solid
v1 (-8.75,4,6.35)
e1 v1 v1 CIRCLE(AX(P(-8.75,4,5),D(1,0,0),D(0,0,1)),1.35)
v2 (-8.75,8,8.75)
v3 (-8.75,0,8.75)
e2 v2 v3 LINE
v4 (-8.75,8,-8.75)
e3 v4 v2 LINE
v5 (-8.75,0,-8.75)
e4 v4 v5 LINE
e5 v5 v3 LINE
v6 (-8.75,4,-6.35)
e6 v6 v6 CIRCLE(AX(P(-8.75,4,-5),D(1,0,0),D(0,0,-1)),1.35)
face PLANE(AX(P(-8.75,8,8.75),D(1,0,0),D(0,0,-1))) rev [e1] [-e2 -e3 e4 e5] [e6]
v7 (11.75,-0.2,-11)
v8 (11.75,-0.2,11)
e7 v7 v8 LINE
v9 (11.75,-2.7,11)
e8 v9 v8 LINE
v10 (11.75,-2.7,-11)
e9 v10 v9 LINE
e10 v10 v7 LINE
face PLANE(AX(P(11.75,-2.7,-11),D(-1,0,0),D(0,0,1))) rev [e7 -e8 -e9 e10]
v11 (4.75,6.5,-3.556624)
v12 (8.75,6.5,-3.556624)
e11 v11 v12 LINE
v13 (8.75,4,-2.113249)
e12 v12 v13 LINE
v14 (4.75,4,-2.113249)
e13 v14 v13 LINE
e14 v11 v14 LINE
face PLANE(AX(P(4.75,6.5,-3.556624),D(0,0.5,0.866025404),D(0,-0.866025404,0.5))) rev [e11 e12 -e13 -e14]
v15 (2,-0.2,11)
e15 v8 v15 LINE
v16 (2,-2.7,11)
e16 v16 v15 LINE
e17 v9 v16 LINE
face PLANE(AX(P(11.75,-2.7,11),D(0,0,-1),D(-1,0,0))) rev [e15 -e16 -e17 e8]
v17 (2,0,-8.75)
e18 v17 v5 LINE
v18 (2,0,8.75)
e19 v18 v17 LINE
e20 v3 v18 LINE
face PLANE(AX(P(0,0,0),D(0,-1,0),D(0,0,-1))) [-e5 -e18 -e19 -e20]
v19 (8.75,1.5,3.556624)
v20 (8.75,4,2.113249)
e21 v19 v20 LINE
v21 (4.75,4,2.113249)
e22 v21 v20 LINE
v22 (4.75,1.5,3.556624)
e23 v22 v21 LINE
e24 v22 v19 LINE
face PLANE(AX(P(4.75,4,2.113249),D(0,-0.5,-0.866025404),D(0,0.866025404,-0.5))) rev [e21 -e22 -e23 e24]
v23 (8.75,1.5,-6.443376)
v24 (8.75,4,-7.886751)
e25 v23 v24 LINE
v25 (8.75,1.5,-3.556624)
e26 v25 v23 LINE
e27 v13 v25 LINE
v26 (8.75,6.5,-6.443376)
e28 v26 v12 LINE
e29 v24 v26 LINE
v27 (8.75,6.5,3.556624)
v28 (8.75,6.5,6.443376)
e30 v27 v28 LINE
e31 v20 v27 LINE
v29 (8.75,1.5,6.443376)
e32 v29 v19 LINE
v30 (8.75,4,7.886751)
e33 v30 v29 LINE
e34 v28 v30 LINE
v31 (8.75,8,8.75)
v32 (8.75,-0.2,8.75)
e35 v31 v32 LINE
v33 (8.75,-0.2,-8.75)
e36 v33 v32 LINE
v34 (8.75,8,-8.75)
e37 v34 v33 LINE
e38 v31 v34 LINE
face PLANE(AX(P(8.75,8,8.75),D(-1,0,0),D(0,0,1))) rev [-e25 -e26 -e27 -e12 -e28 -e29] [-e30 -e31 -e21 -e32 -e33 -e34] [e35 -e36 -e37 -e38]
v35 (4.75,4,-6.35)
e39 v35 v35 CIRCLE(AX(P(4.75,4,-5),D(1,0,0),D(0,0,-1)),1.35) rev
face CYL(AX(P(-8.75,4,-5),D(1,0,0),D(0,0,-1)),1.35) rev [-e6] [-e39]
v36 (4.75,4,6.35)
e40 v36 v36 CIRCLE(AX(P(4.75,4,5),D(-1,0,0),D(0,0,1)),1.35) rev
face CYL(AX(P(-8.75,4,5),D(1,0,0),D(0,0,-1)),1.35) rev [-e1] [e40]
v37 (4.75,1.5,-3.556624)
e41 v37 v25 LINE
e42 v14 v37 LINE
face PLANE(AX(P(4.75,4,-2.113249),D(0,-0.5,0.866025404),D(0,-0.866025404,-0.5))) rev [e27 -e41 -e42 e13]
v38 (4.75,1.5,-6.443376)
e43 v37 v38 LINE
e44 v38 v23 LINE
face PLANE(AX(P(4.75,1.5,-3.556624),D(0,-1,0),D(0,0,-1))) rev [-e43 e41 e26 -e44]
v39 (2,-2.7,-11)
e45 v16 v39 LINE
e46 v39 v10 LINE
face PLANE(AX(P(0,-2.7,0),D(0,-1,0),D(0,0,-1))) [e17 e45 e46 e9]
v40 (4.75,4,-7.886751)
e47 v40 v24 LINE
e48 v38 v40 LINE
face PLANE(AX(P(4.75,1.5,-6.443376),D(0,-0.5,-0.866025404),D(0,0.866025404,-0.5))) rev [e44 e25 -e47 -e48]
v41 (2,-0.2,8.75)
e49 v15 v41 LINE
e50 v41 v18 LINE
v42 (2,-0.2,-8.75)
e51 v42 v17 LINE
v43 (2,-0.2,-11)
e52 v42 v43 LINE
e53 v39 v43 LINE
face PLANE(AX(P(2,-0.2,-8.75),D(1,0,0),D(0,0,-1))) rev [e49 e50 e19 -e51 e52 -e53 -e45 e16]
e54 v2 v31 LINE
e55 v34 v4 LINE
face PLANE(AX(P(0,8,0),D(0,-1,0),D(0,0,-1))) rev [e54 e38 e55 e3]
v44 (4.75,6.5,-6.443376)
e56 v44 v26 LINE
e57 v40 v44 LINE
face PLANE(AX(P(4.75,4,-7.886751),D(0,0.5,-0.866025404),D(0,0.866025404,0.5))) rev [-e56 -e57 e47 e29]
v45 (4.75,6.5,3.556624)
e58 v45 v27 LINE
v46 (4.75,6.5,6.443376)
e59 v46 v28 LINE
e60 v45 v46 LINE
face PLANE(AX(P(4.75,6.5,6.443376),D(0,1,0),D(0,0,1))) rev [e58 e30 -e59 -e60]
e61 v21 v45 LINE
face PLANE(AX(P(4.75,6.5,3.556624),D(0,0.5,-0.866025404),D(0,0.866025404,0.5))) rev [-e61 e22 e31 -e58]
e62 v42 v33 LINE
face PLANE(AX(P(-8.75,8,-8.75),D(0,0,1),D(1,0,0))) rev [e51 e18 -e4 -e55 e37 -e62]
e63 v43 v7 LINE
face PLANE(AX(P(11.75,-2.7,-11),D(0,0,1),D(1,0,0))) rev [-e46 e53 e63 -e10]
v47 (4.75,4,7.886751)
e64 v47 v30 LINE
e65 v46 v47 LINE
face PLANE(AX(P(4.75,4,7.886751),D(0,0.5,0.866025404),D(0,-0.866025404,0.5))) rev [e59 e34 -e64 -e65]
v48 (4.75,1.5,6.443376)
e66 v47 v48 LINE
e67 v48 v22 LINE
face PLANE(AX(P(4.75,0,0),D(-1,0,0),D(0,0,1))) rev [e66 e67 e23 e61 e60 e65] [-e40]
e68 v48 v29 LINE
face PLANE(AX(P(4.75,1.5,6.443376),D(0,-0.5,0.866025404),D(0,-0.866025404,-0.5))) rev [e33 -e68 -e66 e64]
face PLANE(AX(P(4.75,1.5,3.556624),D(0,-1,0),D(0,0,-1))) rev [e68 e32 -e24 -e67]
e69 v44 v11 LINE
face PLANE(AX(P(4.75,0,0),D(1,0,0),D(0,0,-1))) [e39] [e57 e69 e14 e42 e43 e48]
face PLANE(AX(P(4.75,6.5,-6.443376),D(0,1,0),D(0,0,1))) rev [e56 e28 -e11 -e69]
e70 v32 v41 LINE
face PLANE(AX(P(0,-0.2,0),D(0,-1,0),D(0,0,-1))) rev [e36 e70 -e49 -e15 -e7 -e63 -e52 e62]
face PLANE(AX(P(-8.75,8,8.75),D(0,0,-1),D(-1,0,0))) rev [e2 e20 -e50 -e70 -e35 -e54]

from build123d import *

# Parameters (mm, degrees)
SKETCH_1_W          = 17.5
SKETCH_1_H          = 17.5
EXTRUDE_1_DEPTH     = 8
SKETCH_2_R          = 1.35
CUT_EXTRUDE_1_DEPTH = 22.137939824
CUT_EXTRUDE_2_DEPTH = 4
SKETCH_5_W          = 6.75
SKETCH_5_H          = 17.5
EXTRUDE_3_DEPTH     = 0.2
SKETCH_6_W          = 9.75
SKETCH_6_H          = 22
EXTRUDE_4_DEPTH     = 2.5


with BuildPart() as part:
    # 草图1 → 凸台-拉伸1 (new body)
    with BuildSketch(Plane(origin=(0, 0, 0), x_dir=(1, 0, 0), z_dir=(0, 1, 0))):
        Rectangle(SKETCH_1_W, SKETCH_1_H)
    extrude(amount=EXTRUDE_1_DEPTH)

    # 草图2 → 切除-拉伸1 (cut, through all)
    with BuildSketch(Plane(origin=(8.75, 0, 0), x_dir=(0, 0, -1), z_dir=(1, 0, 0))):
        with Locations((5, 4)):
            Circle(SKETCH_2_R)
        with Locations(Location((-5, 4, 0), (0, 0, 180))):
            Circle(SKETCH_2_R)
    extrude(amount=-CUT_EXTRUDE_1_DEPTH, mode=Mode.SUBTRACT)

    # 草图3 → 切除-拉伸2 (cut)
    with BuildSketch(Plane(origin=(8.75, 0, 0), x_dir=(0, 0, -1), z_dir=(1, 0, 0))):
        Polygon((7.886751346, 4), (6.443375673, 6.5), (3.556624327, 6.5), (2.113248654, 4), (3.556624327, 1.5), (6.443375673, 1.5), align=None)
        Polygon((-6.443375673, 1.5), (-7.886751346, 4), (-6.443375673, 6.5), (-3.556624327, 6.5), (-2.113248654, 4), (-3.556624327, 1.5), align=None)
    extrude(amount=-CUT_EXTRUDE_2_DEPTH, mode=Mode.SUBTRACT)

    # 草图5 → 凸台-拉伸3 (add)
    with BuildSketch(Plane.XZ):
        with Locations((5.375, 0)):
            Rectangle(SKETCH_5_W, SKETCH_5_H)
    extrude(amount=EXTRUDE_3_DEPTH)

    # 草图6 → 凸台-拉伸4 (add)
    with BuildSketch(Plane.XZ.offset(0.2)):
        with Locations((6.875, 0)):
            Rectangle(SKETCH_6_W, SKETCH_6_H)
    extrude(amount=EXTRUDE_4_DEPTH)


solid = part.part
